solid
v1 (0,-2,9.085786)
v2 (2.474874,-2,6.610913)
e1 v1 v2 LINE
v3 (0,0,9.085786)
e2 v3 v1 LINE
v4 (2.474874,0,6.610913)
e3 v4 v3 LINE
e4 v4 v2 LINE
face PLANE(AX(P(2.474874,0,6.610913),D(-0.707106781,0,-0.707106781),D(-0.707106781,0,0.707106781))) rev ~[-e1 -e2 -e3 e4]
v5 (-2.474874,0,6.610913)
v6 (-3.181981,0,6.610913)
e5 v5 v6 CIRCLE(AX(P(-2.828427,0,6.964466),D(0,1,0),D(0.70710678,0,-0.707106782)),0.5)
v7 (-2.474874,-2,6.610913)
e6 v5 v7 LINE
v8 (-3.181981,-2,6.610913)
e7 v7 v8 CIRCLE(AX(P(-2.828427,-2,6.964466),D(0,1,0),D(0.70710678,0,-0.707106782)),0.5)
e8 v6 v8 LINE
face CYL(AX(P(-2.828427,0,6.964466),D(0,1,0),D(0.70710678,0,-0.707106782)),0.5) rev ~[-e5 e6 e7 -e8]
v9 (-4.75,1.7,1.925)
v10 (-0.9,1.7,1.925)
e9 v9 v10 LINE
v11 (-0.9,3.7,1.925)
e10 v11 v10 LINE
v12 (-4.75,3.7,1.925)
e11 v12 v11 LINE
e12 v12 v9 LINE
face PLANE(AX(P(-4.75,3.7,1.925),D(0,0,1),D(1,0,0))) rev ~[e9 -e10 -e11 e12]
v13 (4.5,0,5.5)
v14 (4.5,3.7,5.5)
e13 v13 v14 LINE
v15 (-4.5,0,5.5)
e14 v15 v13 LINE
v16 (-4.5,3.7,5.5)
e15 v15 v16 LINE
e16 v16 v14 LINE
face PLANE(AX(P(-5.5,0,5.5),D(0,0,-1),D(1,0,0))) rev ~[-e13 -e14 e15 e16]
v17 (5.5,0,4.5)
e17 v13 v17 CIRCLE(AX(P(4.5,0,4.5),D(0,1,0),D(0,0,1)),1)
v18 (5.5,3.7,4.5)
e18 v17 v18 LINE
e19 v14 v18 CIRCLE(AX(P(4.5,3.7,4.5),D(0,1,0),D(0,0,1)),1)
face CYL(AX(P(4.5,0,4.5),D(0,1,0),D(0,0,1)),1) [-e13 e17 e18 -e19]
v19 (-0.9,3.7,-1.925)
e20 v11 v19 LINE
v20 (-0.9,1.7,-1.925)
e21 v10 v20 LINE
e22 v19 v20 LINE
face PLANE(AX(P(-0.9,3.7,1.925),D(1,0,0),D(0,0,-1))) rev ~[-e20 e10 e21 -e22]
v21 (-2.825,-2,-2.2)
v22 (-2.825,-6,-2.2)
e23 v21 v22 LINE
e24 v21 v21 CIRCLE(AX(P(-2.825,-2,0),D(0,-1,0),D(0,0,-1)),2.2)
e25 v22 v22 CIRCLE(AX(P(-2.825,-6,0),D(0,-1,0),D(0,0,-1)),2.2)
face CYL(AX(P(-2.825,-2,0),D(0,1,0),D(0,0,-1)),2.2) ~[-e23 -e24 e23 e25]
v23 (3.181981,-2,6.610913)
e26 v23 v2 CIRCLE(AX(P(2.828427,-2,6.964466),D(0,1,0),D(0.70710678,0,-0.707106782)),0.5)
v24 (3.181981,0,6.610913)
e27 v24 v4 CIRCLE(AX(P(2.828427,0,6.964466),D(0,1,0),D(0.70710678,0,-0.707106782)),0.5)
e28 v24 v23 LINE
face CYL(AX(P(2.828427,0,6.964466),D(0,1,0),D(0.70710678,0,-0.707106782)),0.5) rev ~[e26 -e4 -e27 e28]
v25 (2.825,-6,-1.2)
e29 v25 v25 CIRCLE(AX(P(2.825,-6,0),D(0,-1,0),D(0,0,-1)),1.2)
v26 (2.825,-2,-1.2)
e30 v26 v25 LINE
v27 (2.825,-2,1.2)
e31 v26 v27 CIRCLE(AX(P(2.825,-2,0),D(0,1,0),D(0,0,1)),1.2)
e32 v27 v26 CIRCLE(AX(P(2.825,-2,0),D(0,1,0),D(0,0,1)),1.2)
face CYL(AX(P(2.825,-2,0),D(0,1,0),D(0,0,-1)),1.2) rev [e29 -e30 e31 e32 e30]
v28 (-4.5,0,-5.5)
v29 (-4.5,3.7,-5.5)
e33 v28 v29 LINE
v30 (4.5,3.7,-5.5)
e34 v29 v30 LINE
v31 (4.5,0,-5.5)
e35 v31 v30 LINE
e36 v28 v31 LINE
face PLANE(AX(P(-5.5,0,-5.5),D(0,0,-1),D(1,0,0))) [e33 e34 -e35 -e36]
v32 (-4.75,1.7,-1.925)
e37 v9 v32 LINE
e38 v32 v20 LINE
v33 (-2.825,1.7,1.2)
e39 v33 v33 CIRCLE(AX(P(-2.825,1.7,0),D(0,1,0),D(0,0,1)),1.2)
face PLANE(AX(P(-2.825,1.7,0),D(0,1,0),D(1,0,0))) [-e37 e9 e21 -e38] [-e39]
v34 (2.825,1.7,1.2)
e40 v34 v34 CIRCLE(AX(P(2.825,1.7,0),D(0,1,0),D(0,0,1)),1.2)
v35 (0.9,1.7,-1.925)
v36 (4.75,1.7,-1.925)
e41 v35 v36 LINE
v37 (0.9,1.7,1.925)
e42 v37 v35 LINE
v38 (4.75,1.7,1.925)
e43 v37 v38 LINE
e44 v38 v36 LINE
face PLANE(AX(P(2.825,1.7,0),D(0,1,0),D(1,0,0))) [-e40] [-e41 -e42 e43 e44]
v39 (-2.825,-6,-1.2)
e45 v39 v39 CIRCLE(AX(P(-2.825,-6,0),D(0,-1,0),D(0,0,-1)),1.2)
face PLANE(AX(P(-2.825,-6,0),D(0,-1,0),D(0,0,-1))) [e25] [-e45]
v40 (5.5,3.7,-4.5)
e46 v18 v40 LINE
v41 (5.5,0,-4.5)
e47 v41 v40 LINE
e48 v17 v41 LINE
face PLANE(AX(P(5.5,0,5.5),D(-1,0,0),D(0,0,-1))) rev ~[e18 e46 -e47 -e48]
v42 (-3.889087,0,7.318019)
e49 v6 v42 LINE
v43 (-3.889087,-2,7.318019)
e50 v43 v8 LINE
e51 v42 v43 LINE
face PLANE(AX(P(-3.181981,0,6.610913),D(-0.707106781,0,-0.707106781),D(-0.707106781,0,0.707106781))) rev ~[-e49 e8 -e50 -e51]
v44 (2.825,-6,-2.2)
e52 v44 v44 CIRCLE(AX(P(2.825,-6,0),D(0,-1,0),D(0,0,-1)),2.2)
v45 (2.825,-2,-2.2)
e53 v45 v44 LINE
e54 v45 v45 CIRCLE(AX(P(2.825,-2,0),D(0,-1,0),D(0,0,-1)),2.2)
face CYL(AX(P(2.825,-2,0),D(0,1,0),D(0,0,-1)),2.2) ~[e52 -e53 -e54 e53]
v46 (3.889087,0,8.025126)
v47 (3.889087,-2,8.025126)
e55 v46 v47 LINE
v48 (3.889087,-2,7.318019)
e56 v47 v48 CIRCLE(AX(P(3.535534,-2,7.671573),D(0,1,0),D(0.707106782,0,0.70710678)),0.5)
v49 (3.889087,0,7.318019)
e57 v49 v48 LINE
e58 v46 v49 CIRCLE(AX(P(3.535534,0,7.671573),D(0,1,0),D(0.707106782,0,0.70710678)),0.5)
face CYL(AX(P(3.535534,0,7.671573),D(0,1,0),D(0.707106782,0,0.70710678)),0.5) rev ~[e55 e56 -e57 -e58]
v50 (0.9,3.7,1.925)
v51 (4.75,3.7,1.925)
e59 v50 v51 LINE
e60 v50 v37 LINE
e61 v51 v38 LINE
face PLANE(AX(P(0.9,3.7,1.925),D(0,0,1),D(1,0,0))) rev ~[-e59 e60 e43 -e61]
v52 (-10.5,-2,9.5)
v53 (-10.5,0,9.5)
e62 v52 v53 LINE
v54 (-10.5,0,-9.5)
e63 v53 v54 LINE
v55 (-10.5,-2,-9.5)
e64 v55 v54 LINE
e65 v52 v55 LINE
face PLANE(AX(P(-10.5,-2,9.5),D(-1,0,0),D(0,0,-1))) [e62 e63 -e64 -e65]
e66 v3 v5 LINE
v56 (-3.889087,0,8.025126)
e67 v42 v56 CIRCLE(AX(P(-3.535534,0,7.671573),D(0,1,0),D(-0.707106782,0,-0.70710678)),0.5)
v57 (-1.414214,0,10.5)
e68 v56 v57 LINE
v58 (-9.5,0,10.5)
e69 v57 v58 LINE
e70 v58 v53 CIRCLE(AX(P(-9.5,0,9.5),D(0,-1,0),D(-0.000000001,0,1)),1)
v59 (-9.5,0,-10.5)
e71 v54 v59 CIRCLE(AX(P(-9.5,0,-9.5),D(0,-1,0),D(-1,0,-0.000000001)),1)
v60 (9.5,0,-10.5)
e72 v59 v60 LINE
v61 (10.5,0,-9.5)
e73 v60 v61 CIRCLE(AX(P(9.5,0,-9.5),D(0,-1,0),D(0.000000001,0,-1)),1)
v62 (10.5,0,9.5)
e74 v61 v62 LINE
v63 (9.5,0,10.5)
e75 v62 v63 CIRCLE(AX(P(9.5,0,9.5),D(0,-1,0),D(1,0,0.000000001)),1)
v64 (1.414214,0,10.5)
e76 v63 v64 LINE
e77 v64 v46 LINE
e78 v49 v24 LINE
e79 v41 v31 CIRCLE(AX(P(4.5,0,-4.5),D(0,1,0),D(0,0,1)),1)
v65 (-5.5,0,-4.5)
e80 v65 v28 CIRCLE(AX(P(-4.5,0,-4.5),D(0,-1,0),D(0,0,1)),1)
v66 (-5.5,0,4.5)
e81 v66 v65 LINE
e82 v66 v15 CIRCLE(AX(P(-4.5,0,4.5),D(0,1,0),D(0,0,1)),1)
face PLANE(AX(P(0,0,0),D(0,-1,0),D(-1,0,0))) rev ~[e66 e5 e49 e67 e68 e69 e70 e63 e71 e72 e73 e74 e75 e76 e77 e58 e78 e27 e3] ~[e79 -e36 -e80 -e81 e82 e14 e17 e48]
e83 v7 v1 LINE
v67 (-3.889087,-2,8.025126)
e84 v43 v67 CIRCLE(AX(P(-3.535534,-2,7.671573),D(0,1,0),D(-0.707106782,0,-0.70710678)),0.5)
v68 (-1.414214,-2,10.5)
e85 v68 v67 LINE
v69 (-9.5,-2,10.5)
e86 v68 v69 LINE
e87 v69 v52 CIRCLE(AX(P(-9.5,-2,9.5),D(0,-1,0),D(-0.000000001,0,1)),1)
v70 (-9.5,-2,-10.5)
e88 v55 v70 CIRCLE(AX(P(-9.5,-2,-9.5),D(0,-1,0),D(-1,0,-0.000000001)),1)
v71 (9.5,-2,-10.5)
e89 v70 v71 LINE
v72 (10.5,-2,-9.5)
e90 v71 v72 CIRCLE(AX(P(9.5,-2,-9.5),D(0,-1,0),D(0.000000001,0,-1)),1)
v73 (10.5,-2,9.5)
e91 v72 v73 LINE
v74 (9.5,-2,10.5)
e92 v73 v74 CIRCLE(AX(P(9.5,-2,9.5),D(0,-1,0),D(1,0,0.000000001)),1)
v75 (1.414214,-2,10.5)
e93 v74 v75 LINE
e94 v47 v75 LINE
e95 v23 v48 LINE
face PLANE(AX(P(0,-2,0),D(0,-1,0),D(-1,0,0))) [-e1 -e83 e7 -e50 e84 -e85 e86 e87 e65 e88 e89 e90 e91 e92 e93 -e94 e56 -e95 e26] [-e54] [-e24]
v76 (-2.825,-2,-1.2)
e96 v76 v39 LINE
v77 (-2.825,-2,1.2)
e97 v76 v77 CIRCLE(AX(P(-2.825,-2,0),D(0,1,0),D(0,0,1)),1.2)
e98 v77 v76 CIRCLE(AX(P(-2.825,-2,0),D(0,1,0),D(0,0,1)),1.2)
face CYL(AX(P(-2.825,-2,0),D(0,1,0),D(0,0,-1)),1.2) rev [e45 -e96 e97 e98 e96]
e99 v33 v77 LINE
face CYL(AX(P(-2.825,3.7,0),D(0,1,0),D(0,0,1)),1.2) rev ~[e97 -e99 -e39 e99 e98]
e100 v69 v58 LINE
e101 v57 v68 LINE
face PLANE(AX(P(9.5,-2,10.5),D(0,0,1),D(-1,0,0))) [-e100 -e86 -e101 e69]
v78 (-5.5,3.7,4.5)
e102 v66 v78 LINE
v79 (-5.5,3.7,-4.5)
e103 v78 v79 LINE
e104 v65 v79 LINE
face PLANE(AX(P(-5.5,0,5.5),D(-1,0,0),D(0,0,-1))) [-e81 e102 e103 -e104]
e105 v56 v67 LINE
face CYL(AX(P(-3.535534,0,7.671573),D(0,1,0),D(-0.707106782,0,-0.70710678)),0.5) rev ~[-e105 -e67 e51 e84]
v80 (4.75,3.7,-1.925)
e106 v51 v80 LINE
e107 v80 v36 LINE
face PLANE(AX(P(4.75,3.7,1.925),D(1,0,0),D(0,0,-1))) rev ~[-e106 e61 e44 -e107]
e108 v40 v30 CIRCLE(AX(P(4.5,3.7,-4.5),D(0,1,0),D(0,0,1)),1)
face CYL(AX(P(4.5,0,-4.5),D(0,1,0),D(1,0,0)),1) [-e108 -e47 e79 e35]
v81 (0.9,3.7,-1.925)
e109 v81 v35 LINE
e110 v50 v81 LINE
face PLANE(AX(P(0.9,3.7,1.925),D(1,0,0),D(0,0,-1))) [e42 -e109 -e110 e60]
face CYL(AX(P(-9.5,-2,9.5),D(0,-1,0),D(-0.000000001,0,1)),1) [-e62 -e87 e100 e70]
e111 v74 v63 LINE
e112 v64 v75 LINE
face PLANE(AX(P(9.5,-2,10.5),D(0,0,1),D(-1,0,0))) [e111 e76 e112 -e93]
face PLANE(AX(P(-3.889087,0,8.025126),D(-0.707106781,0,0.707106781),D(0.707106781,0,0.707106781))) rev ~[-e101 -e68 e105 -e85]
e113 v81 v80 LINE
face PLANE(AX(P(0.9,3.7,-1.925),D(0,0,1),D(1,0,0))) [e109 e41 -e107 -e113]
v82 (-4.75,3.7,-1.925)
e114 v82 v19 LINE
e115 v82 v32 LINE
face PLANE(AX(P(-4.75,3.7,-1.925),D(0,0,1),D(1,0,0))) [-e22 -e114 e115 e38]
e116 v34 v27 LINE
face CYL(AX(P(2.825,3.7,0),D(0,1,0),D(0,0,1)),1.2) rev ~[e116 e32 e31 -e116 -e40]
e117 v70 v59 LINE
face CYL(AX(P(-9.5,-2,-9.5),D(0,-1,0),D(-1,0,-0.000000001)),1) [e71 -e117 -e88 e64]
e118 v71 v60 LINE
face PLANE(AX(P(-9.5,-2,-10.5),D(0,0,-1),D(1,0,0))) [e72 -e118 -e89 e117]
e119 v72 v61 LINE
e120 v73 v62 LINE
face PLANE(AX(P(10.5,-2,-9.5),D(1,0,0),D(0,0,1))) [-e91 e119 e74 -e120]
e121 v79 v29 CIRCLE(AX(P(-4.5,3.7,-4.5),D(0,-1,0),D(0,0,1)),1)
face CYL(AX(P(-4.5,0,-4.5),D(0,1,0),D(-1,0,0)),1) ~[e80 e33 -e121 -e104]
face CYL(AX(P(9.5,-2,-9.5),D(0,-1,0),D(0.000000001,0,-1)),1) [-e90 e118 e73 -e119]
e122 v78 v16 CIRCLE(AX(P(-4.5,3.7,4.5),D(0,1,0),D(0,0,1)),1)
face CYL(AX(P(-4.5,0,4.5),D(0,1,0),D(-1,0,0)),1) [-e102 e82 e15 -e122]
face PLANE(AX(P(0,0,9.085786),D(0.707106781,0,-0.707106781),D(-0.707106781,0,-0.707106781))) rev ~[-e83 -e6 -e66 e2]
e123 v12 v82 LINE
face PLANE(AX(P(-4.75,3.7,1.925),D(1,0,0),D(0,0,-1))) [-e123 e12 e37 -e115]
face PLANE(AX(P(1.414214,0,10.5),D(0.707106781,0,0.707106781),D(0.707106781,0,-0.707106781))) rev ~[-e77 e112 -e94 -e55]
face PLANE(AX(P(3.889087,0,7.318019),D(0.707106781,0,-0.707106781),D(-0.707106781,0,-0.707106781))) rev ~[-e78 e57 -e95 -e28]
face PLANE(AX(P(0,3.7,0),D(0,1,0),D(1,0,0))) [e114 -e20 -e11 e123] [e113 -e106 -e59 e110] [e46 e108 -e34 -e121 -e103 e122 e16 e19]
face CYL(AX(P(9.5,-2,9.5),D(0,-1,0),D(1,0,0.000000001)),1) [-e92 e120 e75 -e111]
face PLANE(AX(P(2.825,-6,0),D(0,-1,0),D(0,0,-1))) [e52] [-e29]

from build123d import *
from build123d.topology import SkipClean

# Parameters (mm, degrees)
SKETCH1_W           = 11
SKETCH1_H           = 11
BOSS_EXTRUDE1_DEPTH = 3.7
FILLET1_R           = 1
SKETCH2_W           = 3.85
SKETCH2_H           = 3.85
CUT_EXTRUDE1_DEPTH  = 2
SKETCH4_R           = 2.2
BOSS_EXTRUDE2_DEPTH = 2
BOSS_EXTRUDE3_DEPTH = 2
SKETCH3_R           = 1.2
CUT_EXTRUDE2_DEPTH  = 16.90565937
CUT_EXTRUDE3_DEPTH  = 16.303267625
SKETCH8_R           = 2.2
SKETCH8_R_2         = 1.2
BOSS_EXTRUDE4_DEPTH = 4


with BuildPart() as part:
    # Sketch1 → Boss-Extrude1 (new body)
    with BuildSketch(Plane(origin=(0, 0, 0), x_dir=(1, 0, 0), z_dir=(0, 1, 0))):
        Rectangle(SKETCH1_W, SKETCH1_H)
    extrude(amount=BOSS_EXTRUDE1_DEPTH)

    # Fillet1
    fillet1_edges = [part.edges().sort_by_distance(p)[0] for p in [
        (5.5, 1.85, 5.5),
        (-5.5, 1.85, 5.5),
        (-5.5, 1.85, -5.5),
        (5.5, 1.85, -5.5),
    ]]
    fillet(fillet1_edges, radius=FILLET1_R)

    # Sketch2 → Cut-Extrude1 (cut)
    with BuildSketch(Plane(origin=(0, 3.7, 0), x_dir=(1, 0, 0), z_dir=(0, 1, 0))):
        with Locations((-2.825, 0)):
            Rectangle(SKETCH2_W, SKETCH2_H)
        with Locations((2.825, 0)):
            Rectangle(SKETCH2_W, SKETCH2_H)
    extrude(amount=-CUT_EXTRUDE1_DEPTH, mode=Mode.SUBTRACT)

    # Sketch4 → Boss-Extrude2 (add)
    with BuildSketch(Plane(origin=(0, 0, 0), x_dir=(-1, 0, 0), z_dir=(0, -1, 0))):
        with Locations(Location((2.825, 0, 0), (0, 0, 90))):
            Circle(SKETCH4_R)
        with Locations(Location((-2.825, 0, 0), (0, 0, 90))):
            Circle(SKETCH4_R)
    extrude(amount=BOSS_EXTRUDE2_DEPTH)

    # Sketch5 → Boss-Extrude3 (add)
    with BuildSketch(Plane(origin=(0, -2, 0), x_dir=(-1, 0, 0), z_dir=(0, -1, 0))):
        with BuildLine():
            Line((9.5, 10.5), (-9.5, 10.5))
            ThreePointArc((-9.5, 10.5), (-10.207106781, 10.207106781), (-10.5, 9.5))
            Line((-10.5, 9.5), (-10.5, -9.5))
            ThreePointArc((-10.5, -9.5), (-10.207106781, -10.207106781), (-9.5, -10.5))
            Line((-9.5, -10.5), (9.5, -10.5))
            ThreePointArc((9.5, -10.5), (10.207106781, -10.207106781), (10.5, -9.5))
            Line((10.5, -9.5), (10.5, 9.5))
            ThreePointArc((10.5, 9.5), (10.207106781, 10.207106781), (9.5, 10.5))
        make_face()
    extrude(amount=-BOSS_EXTRUDE3_DEPTH)

    # Sketch3 → Cut-Extrude2 (cut, through all)
    with BuildSketch(Plane(origin=(0, 3.7, 0), x_dir=(1, 0, 0), z_dir=(0, 1, 0))):
        with Locations(Location((-2.825, 0, 0), (0, 0, 270))):
            Circle(SKETCH3_R)
        with Locations(Location((2.825, 0, 0), (0, 0, 270))):
            Circle(SKETCH3_R)
    extrude(amount=-CUT_EXTRUDE2_DEPTH, mode=Mode.SUBTRACT)

    # Sketch7 → Cut-Extrude3 (cut, through all)
    with BuildSketch(Plane(origin=(0, 0, 0), x_dir=(1, 0, 0), z_dir=(0, 1, 0))):
        with BuildLine():
            Line((0, -9.085786438), (1.414213562, -10.5))
            Line((1.414213562, -10.5), (3.889087297, -8.025126266))
            ThreePointArc((3.889087297, -8.025126266), (4.035533906, -7.671572875), (3.889087297, -7.318019485))
            Line((3.889087297, -7.318019485), (3.181980515, -6.610912703))
            ThreePointArc((3.181980515, -6.610912703), (2.828427125, -6.464466094), (2.474873734, -6.610912703))
            Line((2.474873734, -6.610912703), (0, -9.085786438))
        make_face()
        with BuildLine():
            Line((-3.889087297, -8.025126266), (-1.414213562, -10.5))
            Line((-1.414213562, -10.5), (0, -9.085786438))
            Line((0, -9.085786438), (-2.474873734, -6.610912703))
            ThreePointArc((-2.474873734, -6.610912703), (-2.828427125, -6.464466094), (-3.181980515, -6.610912703))
            Line((-3.181980515, -6.610912703), (-3.889087297, -7.318019485))
            ThreePointArc((-3.889087297, -7.318019485), (-4.035533906, -7.671572875), (-3.889087297, -8.025126266))
        make_face()
        Polygon((-1.414213562, -10.5), (1.414213562, -10.5), (0, -9.085786438), align=None)
    extrude(amount=-CUT_EXTRUDE3_DEPTH, mode=Mode.SUBTRACT)

    # Sketch8 → Boss-Extrude4 (add)
    # profile 1 of 2: a face of its own
    with SkipClean():  # the faces are left unmerged after this step: merging them gives an invalid solid
        with BuildSketch(Plane.XZ.offset(2)):
            with Locations(Location((-2.825, 0, 0), (0, 0, 270))):
                Circle(SKETCH8_R)
            with Locations(Location((-2.825, 0, 0), (0, 0, 270))):
                Circle(SKETCH8_R_2, mode=Mode.SUBTRACT)
        # profile 2 of 2: a face of its own
        with BuildSketch(Plane.XZ.offset(2)):
            with Locations(Location((2.825, 0, 0), (0, 0, 270))):
                Circle(SKETCH8_R)
            with Locations(Location((2.825, 0, 0), (0, 0, 270))):
                Circle(SKETCH8_R_2, mode=Mode.SUBTRACT)
        extrude(amount=BOSS_EXTRUDE4_DEPTH)


solid = part.part
